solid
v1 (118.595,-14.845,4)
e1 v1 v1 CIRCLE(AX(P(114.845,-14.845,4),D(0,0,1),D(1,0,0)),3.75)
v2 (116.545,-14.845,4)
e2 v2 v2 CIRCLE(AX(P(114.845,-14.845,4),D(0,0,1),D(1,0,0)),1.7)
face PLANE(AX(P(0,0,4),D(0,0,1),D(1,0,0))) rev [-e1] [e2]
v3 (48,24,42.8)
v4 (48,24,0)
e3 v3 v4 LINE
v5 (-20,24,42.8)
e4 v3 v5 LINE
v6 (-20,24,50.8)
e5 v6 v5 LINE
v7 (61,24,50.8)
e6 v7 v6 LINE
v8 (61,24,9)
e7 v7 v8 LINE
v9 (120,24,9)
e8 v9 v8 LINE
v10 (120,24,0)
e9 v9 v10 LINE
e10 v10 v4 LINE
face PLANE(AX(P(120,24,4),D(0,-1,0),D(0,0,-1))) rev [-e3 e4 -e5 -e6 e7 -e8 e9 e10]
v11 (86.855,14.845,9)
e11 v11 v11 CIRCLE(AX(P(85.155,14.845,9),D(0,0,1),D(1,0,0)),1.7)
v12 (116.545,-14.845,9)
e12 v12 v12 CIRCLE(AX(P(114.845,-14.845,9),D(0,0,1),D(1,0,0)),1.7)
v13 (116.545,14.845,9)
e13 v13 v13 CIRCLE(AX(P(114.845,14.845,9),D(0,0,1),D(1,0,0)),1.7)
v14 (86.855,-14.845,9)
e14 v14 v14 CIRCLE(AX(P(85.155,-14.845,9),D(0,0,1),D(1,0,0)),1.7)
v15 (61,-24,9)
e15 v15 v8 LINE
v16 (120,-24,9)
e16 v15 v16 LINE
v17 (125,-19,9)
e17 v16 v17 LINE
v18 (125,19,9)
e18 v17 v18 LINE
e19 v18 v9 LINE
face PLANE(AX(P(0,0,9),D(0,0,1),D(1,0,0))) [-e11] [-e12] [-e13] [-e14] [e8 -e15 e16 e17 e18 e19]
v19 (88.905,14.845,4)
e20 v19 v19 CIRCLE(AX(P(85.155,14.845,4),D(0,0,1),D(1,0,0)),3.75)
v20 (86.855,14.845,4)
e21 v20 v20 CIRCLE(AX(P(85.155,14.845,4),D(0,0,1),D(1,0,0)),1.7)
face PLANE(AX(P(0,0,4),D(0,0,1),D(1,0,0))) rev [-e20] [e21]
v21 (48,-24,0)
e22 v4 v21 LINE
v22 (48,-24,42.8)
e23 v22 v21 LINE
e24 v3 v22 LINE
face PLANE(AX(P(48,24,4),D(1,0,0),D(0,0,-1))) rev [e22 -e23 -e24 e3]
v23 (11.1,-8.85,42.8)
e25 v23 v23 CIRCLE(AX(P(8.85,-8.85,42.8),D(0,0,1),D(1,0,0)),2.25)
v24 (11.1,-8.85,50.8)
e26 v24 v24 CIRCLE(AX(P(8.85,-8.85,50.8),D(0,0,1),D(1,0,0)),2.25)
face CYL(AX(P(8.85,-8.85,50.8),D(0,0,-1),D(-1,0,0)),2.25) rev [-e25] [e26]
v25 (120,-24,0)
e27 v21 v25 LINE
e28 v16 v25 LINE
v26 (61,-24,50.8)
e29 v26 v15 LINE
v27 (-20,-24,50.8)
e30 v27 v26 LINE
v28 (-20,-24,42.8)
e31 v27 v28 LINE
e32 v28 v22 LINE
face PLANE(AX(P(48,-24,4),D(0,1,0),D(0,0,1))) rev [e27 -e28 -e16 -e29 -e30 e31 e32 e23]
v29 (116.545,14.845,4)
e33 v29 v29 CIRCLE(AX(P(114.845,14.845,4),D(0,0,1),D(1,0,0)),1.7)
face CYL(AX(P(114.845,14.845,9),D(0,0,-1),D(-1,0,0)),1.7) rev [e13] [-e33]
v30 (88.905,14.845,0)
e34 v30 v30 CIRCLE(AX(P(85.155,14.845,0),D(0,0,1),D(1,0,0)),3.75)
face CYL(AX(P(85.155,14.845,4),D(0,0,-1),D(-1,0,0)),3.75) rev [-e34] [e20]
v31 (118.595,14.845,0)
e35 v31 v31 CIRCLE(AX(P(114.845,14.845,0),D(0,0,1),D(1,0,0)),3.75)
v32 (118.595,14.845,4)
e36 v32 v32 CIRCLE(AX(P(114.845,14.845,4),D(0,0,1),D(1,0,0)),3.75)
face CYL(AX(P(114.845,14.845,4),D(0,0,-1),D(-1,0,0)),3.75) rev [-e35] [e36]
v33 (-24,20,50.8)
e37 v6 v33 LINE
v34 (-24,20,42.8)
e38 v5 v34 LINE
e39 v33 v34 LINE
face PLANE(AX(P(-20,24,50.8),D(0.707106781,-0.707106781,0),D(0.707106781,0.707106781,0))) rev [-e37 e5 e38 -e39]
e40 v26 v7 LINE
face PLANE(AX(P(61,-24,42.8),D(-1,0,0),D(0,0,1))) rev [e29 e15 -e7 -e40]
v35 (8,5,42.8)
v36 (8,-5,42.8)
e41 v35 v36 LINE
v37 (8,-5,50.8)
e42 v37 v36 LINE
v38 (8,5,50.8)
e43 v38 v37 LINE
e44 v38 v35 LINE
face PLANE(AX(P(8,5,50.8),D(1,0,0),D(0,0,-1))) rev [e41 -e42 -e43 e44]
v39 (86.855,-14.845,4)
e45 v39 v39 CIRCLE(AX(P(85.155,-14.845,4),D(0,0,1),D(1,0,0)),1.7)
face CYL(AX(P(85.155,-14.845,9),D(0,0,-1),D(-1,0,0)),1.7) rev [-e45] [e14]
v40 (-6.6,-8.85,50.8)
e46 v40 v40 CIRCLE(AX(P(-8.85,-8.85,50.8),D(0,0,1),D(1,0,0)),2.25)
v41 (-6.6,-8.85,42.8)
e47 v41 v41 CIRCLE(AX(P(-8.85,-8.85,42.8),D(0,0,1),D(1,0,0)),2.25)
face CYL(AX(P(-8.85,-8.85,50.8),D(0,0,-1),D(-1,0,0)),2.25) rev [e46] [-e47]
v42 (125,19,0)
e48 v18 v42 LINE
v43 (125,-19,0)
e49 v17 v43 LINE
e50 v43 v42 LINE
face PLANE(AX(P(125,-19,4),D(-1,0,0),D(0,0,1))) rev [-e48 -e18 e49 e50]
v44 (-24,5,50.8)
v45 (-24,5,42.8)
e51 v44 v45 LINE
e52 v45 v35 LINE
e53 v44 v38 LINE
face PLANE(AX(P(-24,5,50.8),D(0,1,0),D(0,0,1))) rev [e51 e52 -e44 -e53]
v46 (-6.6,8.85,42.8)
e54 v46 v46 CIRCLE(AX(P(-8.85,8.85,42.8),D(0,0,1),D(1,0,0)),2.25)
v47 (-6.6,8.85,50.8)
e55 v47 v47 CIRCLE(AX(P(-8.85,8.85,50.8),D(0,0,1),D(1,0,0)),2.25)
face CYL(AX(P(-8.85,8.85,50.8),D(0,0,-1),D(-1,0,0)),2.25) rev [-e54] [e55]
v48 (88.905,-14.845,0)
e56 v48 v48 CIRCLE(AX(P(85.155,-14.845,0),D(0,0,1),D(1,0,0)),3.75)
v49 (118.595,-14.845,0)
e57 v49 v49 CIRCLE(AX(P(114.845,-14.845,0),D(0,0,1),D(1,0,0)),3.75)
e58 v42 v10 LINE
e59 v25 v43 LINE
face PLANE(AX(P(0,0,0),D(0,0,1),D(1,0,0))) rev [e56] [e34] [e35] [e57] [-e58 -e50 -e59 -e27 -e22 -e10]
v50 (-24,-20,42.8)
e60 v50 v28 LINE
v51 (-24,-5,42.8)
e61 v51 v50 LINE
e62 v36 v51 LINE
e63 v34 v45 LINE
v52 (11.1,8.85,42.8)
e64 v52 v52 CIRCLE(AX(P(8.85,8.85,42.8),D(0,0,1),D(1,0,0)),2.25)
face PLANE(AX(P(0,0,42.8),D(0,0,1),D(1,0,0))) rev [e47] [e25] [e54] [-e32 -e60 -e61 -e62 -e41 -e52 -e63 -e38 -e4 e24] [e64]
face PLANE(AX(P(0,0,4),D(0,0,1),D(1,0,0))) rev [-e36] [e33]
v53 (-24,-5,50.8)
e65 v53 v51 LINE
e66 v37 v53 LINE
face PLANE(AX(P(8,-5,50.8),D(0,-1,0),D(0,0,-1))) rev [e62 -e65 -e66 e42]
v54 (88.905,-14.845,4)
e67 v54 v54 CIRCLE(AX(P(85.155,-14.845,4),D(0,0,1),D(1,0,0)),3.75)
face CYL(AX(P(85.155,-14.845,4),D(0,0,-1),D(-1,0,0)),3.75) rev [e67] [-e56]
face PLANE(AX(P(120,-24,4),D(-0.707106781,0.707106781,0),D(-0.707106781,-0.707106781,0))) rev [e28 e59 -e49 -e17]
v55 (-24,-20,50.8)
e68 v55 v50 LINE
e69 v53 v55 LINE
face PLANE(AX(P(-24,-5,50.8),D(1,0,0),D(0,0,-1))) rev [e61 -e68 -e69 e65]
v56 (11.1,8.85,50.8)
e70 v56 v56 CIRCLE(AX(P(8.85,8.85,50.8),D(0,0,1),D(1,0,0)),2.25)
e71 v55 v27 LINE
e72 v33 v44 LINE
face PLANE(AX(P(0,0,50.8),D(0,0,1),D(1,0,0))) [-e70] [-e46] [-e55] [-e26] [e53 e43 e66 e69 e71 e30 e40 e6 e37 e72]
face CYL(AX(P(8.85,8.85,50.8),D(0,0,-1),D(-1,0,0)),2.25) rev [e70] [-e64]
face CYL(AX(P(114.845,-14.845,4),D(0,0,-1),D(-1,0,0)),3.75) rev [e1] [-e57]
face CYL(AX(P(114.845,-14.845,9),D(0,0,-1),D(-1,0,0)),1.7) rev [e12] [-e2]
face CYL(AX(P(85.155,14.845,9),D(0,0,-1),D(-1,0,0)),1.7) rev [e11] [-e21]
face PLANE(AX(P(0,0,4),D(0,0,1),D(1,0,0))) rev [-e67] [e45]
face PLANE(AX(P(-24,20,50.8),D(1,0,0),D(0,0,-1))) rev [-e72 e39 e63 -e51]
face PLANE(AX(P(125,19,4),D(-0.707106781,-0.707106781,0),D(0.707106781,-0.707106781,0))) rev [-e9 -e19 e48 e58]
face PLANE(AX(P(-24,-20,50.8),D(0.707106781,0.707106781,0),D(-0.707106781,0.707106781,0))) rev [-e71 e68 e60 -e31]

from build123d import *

# Parameters (mm, degrees)
SKETCH_1_R        = 3.75
EXTRUDE_244_DEPTH = 4
EXTRUDE_START     = 4
SKETCH_2_R        = 1.7
EXTRUDE_328_DEPTH = 5
EXTRUDE_START_2   = 9
SKETCH_3_W        = 13
SKETCH_3_H        = 48
EXTRUDE_401_DEPTH = 33.8
EXTRUDE_START_3   = 42.8
SKETCH_4_R        = 2.25
EXTRUDE_499_DEPTH = 8


with BuildPart() as part:
    # 草图1 → Extrude 244 (new body)
    with BuildSketch(Plane.XY):
        Polygon((48, -24), (120, -24), (125, -19), (125, 19), (120, 24), (48, 24), align=None)
        with Locations((85.155, -14.845)):
            Circle(SKETCH_1_R, mode=Mode.SUBTRACT)
        with Locations((85.155, 14.845)):
            Circle(SKETCH_1_R, mode=Mode.SUBTRACT)
        with Locations((114.845, -14.845)):
            Circle(SKETCH_1_R, mode=Mode.SUBTRACT)
        with Locations((114.845, 14.845)):
            Circle(SKETCH_1_R, mode=Mode.SUBTRACT)
    extrude(amount=EXTRUDE_244_DEPTH)

    # 草图2 → Extrude 328 (add)
    with BuildSketch(Plane.XY.offset(EXTRUDE_START)):
        Polygon((48, -24), (120, -24), (125, -19), (125, 19), (120, 24), (48, 24), align=None)
        with Locations((85.155, -14.845)):
            Circle(SKETCH_2_R, mode=Mode.SUBTRACT)
        with Locations((85.155, 14.845)):
            Circle(SKETCH_2_R, mode=Mode.SUBTRACT)
        with Locations((114.845, -14.845)):
            Circle(SKETCH_2_R, mode=Mode.SUBTRACT)
        with Locations((114.845, 14.845)):
            Circle(SKETCH_2_R, mode=Mode.SUBTRACT)
    extrude(amount=EXTRUDE_328_DEPTH)

    # 草图3 → Extrude 401 (add)
    with BuildSketch(Plane.XY.offset(EXTRUDE_START_2)):
        with Locations((54.5, 0)):
            Rectangle(SKETCH_3_W, SKETCH_3_H)
    extrude(amount=EXTRUDE_401_DEPTH)

    # 草图4 → Extrude 499 (add)
    with BuildSketch(Plane.XY.offset(EXTRUDE_START_3)):
        Polygon((-24, -20), (-20, -24), (61, -24), (61, 24), (-20, 24), (-24, 20), (-24, 5), (8, 5), (8, -5), (-24, -5), align=None)
        with Locations((-8.85, -8.85)):
            Circle(SKETCH_4_R, mode=Mode.SUBTRACT)
        with Locations((-8.85, 8.85)):
            Circle(SKETCH_4_R, mode=Mode.SUBTRACT)
        with Locations((8.85, -8.85)):
            Circle(SKETCH_4_R, mode=Mode.SUBTRACT)
        with Locations((8.85, 8.85)):
            Circle(SKETCH_4_R, mode=Mode.SUBTRACT)
    extrude(amount=EXTRUDE_499_DEPTH)


solid = part.part
